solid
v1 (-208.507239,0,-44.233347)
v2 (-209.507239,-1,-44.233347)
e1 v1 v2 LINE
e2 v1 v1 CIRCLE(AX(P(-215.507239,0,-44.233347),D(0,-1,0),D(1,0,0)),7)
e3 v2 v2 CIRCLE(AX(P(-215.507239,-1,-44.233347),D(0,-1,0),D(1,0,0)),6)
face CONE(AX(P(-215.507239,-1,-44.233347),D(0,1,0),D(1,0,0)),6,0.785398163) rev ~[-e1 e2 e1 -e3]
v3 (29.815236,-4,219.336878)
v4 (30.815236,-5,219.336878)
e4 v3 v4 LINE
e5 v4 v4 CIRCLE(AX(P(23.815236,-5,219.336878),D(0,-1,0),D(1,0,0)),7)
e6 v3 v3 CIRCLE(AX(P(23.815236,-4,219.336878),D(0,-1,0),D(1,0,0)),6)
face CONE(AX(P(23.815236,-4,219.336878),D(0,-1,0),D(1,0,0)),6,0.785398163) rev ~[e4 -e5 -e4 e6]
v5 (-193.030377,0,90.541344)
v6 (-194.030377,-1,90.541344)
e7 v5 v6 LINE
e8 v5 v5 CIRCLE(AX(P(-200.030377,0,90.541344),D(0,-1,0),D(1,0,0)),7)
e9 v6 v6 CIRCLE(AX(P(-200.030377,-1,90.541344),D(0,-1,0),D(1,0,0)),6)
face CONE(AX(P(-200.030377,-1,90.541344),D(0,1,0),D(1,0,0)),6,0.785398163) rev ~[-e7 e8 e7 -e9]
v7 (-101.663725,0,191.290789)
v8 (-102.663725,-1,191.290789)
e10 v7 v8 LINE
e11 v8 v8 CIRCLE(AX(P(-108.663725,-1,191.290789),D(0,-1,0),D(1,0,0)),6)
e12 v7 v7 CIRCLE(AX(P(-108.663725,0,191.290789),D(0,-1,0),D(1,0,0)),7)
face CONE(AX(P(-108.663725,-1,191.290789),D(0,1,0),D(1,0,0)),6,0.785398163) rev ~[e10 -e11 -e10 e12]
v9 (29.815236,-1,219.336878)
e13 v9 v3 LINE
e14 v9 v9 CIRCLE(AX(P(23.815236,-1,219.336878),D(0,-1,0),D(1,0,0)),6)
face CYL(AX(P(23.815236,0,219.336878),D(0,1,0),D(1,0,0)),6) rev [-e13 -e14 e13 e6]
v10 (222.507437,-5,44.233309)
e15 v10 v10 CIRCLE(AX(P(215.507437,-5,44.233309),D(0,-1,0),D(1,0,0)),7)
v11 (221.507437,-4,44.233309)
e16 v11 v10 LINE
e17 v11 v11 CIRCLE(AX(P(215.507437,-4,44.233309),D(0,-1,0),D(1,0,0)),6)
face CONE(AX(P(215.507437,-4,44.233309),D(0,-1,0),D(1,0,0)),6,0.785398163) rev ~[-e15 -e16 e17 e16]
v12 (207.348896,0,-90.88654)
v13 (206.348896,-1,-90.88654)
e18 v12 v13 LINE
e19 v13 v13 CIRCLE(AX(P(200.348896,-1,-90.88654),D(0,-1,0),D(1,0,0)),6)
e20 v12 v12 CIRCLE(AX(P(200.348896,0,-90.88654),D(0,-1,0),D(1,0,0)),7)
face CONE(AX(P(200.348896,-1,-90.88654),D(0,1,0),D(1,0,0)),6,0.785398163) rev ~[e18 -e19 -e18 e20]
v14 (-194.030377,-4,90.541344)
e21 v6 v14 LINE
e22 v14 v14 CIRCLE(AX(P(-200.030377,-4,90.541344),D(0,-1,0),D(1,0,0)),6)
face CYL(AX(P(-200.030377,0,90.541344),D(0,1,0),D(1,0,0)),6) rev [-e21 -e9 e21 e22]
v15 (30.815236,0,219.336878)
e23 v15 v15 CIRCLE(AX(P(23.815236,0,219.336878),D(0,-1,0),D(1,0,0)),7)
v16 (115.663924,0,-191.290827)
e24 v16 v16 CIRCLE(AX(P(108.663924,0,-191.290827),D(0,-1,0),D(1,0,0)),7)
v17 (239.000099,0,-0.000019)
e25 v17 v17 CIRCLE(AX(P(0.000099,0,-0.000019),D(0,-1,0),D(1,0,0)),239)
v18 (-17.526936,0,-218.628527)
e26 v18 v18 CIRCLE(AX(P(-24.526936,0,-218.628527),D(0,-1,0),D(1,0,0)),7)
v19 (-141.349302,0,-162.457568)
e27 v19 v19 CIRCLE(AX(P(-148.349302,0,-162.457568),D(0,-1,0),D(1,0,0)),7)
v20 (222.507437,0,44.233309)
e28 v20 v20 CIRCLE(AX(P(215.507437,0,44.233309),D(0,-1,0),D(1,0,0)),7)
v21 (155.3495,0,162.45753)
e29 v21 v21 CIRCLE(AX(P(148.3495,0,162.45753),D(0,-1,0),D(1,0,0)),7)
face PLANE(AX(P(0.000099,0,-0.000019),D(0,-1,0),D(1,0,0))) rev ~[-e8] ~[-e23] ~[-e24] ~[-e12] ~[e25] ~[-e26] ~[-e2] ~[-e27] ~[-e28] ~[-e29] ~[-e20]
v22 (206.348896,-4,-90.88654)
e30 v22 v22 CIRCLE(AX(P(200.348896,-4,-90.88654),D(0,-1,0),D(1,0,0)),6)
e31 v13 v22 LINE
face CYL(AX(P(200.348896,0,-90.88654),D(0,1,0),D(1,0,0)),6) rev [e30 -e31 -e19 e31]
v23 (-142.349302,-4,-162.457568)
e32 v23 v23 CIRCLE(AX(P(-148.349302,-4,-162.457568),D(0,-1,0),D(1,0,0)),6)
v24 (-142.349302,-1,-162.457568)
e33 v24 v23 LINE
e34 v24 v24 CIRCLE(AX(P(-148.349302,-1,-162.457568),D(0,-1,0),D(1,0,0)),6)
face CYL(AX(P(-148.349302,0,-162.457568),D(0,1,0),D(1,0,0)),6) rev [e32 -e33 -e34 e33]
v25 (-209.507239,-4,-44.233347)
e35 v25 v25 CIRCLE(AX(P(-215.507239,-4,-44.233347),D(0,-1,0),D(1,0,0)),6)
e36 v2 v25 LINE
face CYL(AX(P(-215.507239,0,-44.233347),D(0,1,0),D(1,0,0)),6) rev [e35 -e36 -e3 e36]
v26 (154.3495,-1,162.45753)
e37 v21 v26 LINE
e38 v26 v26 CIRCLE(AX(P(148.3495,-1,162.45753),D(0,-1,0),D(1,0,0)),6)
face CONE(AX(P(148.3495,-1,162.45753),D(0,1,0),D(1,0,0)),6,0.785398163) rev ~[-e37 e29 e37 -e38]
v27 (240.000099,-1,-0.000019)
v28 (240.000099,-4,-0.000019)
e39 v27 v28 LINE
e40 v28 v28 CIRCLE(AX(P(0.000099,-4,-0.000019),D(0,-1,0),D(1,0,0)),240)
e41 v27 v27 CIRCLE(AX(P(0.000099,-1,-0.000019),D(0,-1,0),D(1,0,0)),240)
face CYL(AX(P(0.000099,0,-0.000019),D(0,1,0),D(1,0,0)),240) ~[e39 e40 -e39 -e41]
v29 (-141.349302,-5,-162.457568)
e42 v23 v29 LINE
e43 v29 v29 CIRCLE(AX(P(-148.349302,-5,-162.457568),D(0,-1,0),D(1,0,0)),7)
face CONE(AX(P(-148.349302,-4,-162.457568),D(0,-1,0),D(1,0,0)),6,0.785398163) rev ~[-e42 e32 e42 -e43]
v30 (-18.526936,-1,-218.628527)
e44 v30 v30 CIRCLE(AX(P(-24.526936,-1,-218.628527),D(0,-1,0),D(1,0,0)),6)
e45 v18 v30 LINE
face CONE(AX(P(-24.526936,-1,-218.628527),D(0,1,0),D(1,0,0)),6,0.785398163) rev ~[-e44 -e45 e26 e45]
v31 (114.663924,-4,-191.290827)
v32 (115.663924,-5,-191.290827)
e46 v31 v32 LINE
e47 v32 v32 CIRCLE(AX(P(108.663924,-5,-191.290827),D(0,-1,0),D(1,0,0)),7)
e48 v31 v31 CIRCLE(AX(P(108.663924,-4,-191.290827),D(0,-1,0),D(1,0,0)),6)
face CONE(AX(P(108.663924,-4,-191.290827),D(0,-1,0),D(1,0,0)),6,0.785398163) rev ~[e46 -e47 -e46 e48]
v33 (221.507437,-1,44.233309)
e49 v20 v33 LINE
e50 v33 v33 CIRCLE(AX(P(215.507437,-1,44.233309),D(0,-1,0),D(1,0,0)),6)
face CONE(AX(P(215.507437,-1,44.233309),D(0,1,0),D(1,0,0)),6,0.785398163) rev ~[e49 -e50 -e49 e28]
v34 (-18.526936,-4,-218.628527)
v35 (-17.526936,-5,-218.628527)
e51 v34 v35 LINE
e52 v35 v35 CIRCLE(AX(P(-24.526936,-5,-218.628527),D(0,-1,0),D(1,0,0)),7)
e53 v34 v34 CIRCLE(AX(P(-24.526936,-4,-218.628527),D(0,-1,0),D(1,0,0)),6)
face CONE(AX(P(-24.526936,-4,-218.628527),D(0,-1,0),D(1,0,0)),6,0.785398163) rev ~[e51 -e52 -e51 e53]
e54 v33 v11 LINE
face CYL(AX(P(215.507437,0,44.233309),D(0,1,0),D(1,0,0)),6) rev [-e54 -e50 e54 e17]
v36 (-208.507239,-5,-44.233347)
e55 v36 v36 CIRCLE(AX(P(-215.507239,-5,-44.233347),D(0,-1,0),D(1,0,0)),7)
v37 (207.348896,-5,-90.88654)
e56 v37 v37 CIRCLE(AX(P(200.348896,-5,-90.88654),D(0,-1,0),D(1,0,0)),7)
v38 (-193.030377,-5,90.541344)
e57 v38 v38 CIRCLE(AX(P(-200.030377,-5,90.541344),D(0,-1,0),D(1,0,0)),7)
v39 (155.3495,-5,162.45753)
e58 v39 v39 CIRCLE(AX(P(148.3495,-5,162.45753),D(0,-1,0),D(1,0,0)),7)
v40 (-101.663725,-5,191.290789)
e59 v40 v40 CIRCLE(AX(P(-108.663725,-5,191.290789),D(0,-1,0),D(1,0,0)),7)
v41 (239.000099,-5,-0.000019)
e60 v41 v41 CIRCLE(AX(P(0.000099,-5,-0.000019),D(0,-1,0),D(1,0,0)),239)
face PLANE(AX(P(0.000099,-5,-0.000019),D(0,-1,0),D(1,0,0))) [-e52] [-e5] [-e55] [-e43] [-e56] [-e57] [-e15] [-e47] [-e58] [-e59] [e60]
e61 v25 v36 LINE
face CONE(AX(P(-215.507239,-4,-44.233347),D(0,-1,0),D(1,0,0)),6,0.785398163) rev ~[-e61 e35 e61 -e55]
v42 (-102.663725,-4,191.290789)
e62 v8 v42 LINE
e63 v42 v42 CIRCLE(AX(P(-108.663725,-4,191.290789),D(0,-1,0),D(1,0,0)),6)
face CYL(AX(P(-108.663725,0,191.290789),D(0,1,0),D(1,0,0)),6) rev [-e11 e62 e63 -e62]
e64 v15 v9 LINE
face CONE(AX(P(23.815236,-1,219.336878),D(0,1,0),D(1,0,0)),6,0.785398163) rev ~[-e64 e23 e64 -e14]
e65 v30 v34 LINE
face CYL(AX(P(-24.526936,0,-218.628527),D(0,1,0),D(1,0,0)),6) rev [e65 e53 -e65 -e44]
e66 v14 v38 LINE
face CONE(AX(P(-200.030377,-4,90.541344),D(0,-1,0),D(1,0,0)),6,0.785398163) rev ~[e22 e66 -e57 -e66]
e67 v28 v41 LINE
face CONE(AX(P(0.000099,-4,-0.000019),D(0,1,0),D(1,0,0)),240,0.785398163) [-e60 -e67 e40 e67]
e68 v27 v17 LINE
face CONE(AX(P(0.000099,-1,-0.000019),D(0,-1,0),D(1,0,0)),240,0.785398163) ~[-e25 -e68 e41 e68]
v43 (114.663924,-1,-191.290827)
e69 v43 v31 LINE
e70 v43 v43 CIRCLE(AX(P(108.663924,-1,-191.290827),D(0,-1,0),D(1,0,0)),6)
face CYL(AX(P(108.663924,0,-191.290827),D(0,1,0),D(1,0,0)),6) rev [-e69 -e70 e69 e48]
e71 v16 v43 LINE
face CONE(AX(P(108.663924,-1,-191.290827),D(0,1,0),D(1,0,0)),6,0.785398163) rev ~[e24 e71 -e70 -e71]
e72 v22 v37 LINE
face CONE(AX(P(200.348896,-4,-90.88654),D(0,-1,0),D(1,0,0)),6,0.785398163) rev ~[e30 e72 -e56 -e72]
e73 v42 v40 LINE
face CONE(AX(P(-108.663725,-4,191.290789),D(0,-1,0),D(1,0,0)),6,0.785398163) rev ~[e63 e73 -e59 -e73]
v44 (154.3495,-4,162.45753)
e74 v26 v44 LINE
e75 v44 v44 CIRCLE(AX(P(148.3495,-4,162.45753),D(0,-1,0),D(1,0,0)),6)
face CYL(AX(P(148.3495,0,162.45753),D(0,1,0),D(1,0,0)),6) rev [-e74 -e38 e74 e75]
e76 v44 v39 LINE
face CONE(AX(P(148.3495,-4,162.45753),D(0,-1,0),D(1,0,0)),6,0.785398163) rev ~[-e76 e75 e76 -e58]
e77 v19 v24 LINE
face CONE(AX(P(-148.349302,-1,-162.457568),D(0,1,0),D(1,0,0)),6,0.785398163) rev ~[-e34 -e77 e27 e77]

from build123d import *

# Parameters (mm, degrees)
F0_R     = 240
F0_R_2   = 6
F1_DEPTH = 5
F2_SIZE  = 1
F3_SIZE  = 1


with BuildPart() as f1:
    # F0 (on Front) → F1 (new body)
    with BuildSketch(Plane.XZ):
        with Locations((9.9e-05, -1.9e-05)):
            Circle(F0_R)
        with Locations((-148.349302, -162.457568)):
            Circle(F0_R_2, mode=Mode.SUBTRACT)
        with Locations((-24.526936, -218.628527)):
            Circle(F0_R_2, mode=Mode.SUBTRACT)
        with Locations((-215.507239, -44.233347)):
            Circle(F0_R_2, mode=Mode.SUBTRACT)
        with Locations((108.663924, -191.290827)):
            Circle(F0_R_2, mode=Mode.SUBTRACT)
        with Locations((200.348896, -90.88654)):
            Circle(F0_R_2, mode=Mode.SUBTRACT)
        with Locations((-200.030377, 90.541344)):
            Circle(F0_R_2, mode=Mode.SUBTRACT)
        with Locations((-108.663725, 191.290789)):
            Circle(F0_R_2, mode=Mode.SUBTRACT)
        with Locations((215.507437, 44.233309)):
            Circle(F0_R_2, mode=Mode.SUBTRACT)
        with Locations((23.815236, 219.336878)):
            Circle(F0_R_2, mode=Mode.SUBTRACT)
        with Locations((148.3495, 162.45753)):
            Circle(F0_R_2, mode=Mode.SUBTRACT)
    extrude(amount=F1_DEPTH)

    # F2
    f2_edges = [f1.edges().sort_by_distance(p)[0] for p in [
        (-239.999901, -5, -1.9e-05),
        (-154.349302, -5, -162.457568),
        (-30.526936, -5, -218.628527),
        (-221.507239, -5, -44.233347),
        (102.663924, -5, -191.290827),
        (194.348896, -5, -90.88654),
        (-206.030377, -5, 90.541344),
        (-114.663725, -5, 191.290789),
        (209.507437, -5, 44.233309),
        (17.815236, -5, 219.336878),
        (142.3495, -5, 162.45753),
    ]]
    chamfer(f2_edges, length=F2_SIZE)

    # F3
    f3_edges = [f1.edges().sort_by_distance(p)[0] for p in [
        (-239.999901, 0, -1.9e-05),
        (-154.349302, 0, -162.457568),
        (-30.526936, 0, -218.628527),
        (-221.507239, 0, -44.233347),
        (102.663924, 0, -191.290827),
        (194.348896, 0, -90.88654),
        (-206.030377, 0, 90.541344),
        (-114.663725, 0, 191.290789),
        (209.507437, 0, 44.233309),
        (17.815236, 0, 219.336878),
        (142.3495, 0, 162.45753),
    ]]
    chamfer(f3_edges, length=F3_SIZE)


solid = f1.part
